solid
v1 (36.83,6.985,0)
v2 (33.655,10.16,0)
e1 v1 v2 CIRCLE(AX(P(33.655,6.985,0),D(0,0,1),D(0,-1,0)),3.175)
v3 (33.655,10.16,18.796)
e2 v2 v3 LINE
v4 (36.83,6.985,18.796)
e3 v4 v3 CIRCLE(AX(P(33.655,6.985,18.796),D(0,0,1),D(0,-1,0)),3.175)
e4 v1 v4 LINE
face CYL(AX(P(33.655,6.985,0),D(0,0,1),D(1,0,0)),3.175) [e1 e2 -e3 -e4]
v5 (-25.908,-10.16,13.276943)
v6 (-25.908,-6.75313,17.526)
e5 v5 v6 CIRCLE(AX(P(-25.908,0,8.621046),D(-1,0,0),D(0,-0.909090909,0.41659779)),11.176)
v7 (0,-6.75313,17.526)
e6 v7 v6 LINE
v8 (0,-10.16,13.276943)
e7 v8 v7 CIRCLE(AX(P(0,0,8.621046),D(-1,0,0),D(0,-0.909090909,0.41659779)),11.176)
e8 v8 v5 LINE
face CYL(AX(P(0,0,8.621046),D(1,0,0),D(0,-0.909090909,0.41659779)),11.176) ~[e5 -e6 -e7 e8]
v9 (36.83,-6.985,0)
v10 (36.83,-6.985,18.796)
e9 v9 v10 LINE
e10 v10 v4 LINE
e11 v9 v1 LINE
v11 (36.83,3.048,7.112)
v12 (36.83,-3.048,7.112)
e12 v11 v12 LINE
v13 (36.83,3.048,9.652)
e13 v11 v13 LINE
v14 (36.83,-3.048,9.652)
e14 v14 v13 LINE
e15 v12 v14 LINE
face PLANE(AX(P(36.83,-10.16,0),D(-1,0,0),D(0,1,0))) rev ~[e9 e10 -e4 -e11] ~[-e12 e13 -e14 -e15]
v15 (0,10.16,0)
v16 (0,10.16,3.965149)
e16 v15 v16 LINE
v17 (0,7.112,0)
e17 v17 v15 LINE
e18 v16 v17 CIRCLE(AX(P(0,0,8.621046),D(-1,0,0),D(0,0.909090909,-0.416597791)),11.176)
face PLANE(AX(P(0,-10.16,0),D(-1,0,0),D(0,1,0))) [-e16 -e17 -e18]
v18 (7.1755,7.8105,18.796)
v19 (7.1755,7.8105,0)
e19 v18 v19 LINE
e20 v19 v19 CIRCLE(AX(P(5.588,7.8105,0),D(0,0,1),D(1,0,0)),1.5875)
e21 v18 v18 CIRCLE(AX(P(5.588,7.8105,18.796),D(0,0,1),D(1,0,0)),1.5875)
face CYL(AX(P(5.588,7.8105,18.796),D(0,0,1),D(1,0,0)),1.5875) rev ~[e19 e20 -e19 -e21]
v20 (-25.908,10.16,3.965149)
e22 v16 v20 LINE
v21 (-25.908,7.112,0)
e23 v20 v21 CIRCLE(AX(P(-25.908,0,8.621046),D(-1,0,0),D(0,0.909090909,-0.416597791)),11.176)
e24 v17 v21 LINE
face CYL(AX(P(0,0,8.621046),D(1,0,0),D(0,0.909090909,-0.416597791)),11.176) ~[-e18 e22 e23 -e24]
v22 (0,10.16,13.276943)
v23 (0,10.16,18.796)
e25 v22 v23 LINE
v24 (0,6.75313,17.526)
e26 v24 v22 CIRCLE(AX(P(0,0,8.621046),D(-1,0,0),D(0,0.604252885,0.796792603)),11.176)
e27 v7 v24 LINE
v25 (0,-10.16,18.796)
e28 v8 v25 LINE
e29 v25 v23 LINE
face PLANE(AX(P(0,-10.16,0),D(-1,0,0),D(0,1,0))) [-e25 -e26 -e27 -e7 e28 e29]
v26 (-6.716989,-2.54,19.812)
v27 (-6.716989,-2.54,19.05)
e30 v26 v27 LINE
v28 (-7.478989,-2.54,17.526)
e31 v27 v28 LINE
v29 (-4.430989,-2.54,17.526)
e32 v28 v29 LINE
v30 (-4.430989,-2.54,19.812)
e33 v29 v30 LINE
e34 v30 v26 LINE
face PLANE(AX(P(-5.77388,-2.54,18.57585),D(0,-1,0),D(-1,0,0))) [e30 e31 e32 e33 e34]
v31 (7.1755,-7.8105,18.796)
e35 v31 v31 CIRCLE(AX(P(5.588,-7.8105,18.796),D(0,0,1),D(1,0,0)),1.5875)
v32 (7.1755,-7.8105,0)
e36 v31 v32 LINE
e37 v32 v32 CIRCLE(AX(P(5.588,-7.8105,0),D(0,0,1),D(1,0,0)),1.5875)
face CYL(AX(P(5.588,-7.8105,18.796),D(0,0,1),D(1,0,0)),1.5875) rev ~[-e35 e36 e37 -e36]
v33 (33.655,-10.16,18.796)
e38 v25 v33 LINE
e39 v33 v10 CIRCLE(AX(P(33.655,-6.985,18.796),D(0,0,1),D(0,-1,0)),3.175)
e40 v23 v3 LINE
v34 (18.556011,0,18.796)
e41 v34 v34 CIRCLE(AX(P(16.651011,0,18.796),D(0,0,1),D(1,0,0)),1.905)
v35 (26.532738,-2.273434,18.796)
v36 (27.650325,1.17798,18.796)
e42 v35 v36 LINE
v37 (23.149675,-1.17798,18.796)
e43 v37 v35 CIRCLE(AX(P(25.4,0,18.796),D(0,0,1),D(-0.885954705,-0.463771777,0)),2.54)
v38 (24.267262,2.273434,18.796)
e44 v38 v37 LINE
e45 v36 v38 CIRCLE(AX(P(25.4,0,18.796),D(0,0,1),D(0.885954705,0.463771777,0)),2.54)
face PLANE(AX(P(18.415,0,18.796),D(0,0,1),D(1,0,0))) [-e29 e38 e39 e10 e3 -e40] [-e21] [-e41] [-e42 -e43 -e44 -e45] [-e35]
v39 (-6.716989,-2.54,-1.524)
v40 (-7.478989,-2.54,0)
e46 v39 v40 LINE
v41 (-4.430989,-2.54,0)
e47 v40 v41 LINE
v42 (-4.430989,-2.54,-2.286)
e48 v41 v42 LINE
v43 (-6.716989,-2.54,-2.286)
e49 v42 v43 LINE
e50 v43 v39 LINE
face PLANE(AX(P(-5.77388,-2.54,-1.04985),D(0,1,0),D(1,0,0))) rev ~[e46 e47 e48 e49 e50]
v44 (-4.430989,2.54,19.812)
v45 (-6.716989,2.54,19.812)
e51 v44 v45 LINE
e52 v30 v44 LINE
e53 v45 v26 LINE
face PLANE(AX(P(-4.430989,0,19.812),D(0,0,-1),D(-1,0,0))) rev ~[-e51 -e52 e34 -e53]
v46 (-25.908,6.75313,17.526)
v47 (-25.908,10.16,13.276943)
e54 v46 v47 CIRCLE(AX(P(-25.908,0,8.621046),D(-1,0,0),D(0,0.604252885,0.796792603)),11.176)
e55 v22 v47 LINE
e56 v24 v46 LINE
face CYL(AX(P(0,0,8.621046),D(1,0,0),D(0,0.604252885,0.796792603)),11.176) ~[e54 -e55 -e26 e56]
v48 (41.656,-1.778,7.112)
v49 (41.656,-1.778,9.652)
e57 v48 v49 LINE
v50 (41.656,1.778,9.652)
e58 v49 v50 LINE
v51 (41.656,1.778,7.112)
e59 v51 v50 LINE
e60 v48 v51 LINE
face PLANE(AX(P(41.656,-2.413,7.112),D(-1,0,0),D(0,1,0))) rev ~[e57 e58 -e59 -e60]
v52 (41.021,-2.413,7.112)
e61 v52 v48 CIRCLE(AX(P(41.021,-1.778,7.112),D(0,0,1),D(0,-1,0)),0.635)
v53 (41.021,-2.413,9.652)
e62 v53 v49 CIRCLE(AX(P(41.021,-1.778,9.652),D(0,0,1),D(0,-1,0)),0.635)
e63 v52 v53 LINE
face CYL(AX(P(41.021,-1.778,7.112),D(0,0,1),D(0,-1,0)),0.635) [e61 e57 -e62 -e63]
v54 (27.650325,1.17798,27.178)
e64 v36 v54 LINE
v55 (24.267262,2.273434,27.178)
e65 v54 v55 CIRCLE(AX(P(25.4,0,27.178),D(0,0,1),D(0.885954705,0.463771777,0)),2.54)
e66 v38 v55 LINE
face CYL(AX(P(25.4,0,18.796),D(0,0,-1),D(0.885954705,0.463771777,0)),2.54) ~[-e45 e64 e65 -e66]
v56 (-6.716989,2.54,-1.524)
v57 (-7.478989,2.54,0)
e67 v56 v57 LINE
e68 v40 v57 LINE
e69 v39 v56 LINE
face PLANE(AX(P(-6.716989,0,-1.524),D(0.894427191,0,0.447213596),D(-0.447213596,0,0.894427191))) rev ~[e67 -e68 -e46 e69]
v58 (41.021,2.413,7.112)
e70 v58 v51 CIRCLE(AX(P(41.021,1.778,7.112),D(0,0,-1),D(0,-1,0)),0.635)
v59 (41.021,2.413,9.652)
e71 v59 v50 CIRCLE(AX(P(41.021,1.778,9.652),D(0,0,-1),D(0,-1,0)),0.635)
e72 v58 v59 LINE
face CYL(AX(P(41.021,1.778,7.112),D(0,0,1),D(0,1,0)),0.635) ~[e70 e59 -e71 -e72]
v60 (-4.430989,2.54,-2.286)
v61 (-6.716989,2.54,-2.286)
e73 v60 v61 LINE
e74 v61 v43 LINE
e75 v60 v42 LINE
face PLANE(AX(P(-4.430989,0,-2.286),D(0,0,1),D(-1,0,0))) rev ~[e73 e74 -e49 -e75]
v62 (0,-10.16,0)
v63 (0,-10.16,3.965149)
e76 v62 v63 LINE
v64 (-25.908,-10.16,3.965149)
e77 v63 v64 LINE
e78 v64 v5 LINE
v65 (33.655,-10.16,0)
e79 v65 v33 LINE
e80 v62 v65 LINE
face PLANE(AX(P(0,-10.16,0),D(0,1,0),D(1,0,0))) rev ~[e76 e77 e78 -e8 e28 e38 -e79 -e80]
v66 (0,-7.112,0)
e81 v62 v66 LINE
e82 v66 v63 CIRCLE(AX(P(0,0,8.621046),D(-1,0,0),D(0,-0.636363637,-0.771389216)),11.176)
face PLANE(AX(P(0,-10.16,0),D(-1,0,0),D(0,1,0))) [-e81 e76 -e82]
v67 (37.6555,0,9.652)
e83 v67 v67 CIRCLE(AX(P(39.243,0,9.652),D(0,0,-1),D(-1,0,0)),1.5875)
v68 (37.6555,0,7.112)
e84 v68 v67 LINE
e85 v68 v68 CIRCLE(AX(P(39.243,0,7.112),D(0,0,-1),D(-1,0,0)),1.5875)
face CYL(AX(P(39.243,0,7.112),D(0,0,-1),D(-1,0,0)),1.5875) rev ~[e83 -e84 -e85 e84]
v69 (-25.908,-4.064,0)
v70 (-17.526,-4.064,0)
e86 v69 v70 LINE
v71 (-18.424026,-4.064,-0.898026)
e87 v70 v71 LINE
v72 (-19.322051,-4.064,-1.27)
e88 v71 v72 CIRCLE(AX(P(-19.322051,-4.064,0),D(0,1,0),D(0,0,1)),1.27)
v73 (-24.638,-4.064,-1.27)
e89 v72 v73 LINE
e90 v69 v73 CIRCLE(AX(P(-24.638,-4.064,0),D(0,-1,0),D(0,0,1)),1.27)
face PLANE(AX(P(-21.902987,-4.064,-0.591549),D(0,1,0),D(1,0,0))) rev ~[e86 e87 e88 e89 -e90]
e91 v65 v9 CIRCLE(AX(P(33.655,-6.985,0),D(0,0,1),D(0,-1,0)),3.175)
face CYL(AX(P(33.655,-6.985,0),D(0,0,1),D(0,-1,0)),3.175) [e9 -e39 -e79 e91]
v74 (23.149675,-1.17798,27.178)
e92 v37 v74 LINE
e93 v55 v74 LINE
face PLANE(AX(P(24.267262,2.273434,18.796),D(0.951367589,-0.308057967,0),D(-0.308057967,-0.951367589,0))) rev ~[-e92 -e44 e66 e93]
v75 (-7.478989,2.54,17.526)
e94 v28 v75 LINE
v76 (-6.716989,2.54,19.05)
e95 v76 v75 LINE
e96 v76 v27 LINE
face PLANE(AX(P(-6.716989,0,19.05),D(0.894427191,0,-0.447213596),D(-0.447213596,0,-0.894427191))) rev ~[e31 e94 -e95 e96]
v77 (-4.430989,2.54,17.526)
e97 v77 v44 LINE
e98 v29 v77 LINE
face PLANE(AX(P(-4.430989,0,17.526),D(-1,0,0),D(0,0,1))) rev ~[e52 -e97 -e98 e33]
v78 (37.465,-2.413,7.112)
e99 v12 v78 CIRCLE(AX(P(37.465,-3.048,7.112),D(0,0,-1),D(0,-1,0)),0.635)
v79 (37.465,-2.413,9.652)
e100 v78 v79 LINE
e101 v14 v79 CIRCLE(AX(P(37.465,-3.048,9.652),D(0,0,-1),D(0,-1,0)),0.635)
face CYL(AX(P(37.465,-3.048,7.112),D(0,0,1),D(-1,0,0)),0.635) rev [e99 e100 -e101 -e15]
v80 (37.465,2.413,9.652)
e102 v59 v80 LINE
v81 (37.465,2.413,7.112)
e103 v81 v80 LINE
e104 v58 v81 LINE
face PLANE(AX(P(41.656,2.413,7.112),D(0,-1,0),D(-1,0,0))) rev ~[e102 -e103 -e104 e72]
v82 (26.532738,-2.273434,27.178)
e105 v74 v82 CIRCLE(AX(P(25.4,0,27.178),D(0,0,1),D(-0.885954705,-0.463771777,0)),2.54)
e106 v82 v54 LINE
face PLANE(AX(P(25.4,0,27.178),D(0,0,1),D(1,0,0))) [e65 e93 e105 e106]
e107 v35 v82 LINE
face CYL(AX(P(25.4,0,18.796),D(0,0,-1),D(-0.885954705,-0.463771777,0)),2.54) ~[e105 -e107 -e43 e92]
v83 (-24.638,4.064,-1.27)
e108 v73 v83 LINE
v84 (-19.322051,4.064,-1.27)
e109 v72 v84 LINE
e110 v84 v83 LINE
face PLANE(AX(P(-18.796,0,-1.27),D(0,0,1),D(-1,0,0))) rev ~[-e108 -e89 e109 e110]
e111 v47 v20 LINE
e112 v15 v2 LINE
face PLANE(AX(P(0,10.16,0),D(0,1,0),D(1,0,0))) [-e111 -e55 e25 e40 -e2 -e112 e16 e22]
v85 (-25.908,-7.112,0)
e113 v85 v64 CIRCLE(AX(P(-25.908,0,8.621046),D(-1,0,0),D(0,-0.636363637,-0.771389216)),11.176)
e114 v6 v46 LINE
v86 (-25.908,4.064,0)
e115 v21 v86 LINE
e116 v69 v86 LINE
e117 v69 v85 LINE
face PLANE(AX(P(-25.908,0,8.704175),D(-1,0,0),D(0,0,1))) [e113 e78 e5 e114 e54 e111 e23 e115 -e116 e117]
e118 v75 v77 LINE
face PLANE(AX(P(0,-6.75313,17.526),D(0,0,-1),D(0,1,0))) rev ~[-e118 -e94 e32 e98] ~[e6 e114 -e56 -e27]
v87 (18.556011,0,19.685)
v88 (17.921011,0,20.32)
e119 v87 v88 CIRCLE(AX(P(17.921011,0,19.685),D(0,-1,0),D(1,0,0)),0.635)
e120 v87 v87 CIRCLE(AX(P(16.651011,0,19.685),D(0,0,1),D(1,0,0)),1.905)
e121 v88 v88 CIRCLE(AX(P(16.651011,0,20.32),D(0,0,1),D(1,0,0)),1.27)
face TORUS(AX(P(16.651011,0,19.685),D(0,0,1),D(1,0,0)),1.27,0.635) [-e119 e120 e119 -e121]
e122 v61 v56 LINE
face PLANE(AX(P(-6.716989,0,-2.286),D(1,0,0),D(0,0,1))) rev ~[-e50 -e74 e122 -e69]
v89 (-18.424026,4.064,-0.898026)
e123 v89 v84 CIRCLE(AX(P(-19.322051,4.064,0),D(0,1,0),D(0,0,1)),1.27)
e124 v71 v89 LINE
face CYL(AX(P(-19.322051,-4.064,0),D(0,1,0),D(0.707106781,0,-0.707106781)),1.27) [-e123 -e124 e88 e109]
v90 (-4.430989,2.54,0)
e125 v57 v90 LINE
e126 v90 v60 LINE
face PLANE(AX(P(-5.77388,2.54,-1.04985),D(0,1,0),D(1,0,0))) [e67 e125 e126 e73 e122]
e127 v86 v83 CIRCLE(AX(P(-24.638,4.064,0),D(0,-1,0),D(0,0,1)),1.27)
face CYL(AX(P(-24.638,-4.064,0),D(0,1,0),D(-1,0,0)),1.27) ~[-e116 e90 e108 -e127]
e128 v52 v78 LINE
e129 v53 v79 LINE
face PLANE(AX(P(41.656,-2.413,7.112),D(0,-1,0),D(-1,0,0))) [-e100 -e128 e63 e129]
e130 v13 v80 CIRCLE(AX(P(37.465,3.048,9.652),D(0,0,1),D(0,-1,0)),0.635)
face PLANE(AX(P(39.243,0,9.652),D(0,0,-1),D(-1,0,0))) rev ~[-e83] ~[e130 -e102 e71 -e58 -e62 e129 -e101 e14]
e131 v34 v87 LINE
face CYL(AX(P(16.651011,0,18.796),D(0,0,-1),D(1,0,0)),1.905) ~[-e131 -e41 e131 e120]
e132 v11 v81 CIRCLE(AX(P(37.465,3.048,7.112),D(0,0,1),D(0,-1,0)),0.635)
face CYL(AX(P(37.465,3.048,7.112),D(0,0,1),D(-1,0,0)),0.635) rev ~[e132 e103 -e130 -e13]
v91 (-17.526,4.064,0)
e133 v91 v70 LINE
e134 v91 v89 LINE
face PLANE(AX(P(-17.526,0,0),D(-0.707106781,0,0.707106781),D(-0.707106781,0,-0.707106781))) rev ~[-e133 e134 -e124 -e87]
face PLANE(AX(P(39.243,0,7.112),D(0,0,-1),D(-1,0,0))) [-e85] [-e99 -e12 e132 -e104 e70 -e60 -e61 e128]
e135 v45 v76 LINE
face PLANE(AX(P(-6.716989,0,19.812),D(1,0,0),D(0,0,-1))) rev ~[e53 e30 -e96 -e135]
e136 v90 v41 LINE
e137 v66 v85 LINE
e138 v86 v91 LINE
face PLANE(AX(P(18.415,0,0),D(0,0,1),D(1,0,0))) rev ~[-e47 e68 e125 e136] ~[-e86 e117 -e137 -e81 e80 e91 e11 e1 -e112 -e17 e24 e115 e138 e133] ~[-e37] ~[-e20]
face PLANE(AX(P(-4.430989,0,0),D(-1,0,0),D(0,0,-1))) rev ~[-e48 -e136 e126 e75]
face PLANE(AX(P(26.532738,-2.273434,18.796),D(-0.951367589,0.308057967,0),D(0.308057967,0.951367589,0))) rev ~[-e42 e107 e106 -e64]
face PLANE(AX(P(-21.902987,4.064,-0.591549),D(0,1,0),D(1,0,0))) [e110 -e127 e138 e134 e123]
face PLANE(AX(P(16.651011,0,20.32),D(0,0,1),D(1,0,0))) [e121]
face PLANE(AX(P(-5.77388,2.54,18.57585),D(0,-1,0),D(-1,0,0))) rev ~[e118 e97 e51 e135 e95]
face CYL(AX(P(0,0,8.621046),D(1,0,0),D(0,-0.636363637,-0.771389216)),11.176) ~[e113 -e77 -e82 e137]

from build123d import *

# Parameters (mm, degrees)
SKETCH1_W           = 36.83
SKETCH1_H           = 20.32
BOSS_EXTRUDE1_DEPTH = 18.796
FILLET1_R           = 3.175
BOSS_EXTRUDE2_DEPTH = 25.908
BOSS_EXTRUDE3_DEPTH = 8.382
SKETCH4_R           = 1.5875
CUT_EXTRUDE1_DEPTH  = 19.796
BOSS_EXTRUDE4_START = -7.112
SKETCH5_W           = 4.826
SKETCH5_H           = 4.826
SKETCH5_R           = 1.5875
BOSS_EXTRUDE4_DEPTH = 2.54
FILLET2_R           = 0.635
BOSS_EXTRUDE5_DEPTH = 2.54
BOSS_EXTRUDE6_DEPTH = 4.064
FILLET3_R           = 1.27
SKETCH8_R           = 1.905
BOSS_EXTRUDE7_DEPTH = 1.524
FILLET4_R           = 0.635


with BuildPart() as part:
    # Sketch1 → Boss-Extrude1 (new body)
    with BuildSketch(Plane.XY):
        with Locations((18.415, 0)):
            Rectangle(SKETCH1_W, SKETCH1_H)
    extrude(amount=BOSS_EXTRUDE1_DEPTH)

    # Fillet1
    fillet1_edges = [part.edges().sort_by_distance(p)[0] for p in [
        (36.83, 10.16, 9.398),
        (36.83, -10.16, 9.398),
    ]]
    fillet(fillet1_edges, radius=FILLET1_R)

    # Sketch2 → Boss-Extrude2 (add)
    with BuildSketch(Plane.ZY):
        with BuildLine():
            ThreePointArc((3.96514897, 10.16), (1.809887501, 8.860648824), (0, 7.112))
            Line((0, 7.112), (0, -7.112))
            ThreePointArc((0, -7.112), (1.809887501, -8.860648824), (3.96514897, -10.16))
            Line((3.96514897, -10.16), (13.276942782, -10.16))
            ThreePointArc((13.276942782, -10.16), (15.61217315, -8.719352926), (17.526, -6.753130241))
            Line((17.526, -6.753130241), (17.526, 6.753130241))
            ThreePointArc((17.526, 6.753130241), (15.61217315, 8.719352926), (13.276942782, 10.16))
            Line((13.276942782, 10.16), (3.96514897, 10.16))
        make_face()
    extrude(amount=BOSS_EXTRUDE2_DEPTH)

    # Sketch3 → Boss-Extrude3 (add)
    with BuildSketch(Plane.XY.offset(18.796)):
        with BuildLine():
            Line((24.267261803, 2.273434446), (23.149675051, -1.177980315))
            ThreePointArc((23.149675051, -1.177980315), (24.617532764, -2.416473676), (26.532738197, -2.273434446))
            Line((26.532738197, -2.273434446), (27.650324949, 1.177980315))
            ThreePointArc((27.650324949, 1.177980315), (26.182467236, 2.416473676), (24.267261803, 2.273434446))
        make_face()
    extrude(amount=BOSS_EXTRUDE3_DEPTH)

    # Sketch4 → Cut-Extrude1 (cut, through all)
    with BuildSketch(Plane.XY.offset(18.796)):
        with Locations((5.588, 7.8105)):
            Circle(SKETCH4_R)
        with Locations((5.588, -7.8105)):
            Circle(SKETCH4_R)
    extrude(amount=-CUT_EXTRUDE1_DEPTH, mode=Mode.SUBTRACT)

    # Sketch5 → Boss-Extrude4 (add)
    with BuildSketch(Plane(origin=(0, 0, 0), x_dir=(-1, 0, 0), z_dir=(0, 0, -1)).offset(BOSS_EXTRUDE4_START)):
        with Locations((-39.243, 0)):
            Rectangle(SKETCH5_W, SKETCH5_H)
        with Locations((-39.243, 0)):
            Circle(SKETCH5_R, mode=Mode.SUBTRACT)
    extrude(amount=-BOSS_EXTRUDE4_DEPTH)

    # Fillet2
    fillet2_edges = [part.edges().sort_by_distance(p)[0] for p in [
        (41.656, 2.413, 8.382),
        (36.83, 2.413, 8.382),
        (36.83, -2.413, 8.382),
        (41.656, -2.413, 8.382),
    ]]
    fillet(fillet2_edges, radius=FILLET2_R)

    # Sketch6 → Boss-Extrude5 (add, symmetric)
    with BuildSketch(Plane(origin=(0, 0, 0), x_dir=(-1, 0, 0), z_dir=(0, -1, 0))):
        Polygon((4.430989114, -19.812), (6.716989114, -19.812), (6.716989114, -19.05), (7.478989114, -17.526), (4.430989114, -17.526), align=None)
        Polygon((6.716989114, 2.286), (6.716989114, 1.524), (7.478989114, 0), (4.430989114, 0), (4.430989114, 2.286), align=None)
    extrude(amount=BOSS_EXTRUDE5_DEPTH, both=True)

    # Sketch6<3> → Boss-Extrude6 (add, symmetric)
    with BuildSketch(Plane(origin=(0, 0, 0), x_dir=(-1, 0, 0), z_dir=(0, -1, 0))):
        Polygon((17.526, 0), (18.796, 1.27), (25.908, 1.27), (25.908, 0), align=None)
    extrude(amount=BOSS_EXTRUDE6_DEPTH, both=True)

    # Fillet3
    fillet3_edges = [part.edges().sort_by_distance(p)[0] for p in [
        (-25.908, 0, -1.27),
        (-18.796, 0, -1.27),
    ]]
    fillet(fillet3_edges, radius=FILLET3_R)

    # Sketch8 → Boss-Extrude7 (add)
    with BuildSketch(Plane.XY.offset(18.796)):
        with Locations((16.651010886, 0)):
            Circle(SKETCH8_R)
    extrude(amount=BOSS_EXTRUDE7_DEPTH)

    # Fillet4
    fillet4_edges = [part.edges().sort_by_distance(p)[0] for p in [
        (14.746010886, 0, 20.32),
    ]]
    fillet(fillet4_edges, radius=FILLET4_R)


solid = part.part
